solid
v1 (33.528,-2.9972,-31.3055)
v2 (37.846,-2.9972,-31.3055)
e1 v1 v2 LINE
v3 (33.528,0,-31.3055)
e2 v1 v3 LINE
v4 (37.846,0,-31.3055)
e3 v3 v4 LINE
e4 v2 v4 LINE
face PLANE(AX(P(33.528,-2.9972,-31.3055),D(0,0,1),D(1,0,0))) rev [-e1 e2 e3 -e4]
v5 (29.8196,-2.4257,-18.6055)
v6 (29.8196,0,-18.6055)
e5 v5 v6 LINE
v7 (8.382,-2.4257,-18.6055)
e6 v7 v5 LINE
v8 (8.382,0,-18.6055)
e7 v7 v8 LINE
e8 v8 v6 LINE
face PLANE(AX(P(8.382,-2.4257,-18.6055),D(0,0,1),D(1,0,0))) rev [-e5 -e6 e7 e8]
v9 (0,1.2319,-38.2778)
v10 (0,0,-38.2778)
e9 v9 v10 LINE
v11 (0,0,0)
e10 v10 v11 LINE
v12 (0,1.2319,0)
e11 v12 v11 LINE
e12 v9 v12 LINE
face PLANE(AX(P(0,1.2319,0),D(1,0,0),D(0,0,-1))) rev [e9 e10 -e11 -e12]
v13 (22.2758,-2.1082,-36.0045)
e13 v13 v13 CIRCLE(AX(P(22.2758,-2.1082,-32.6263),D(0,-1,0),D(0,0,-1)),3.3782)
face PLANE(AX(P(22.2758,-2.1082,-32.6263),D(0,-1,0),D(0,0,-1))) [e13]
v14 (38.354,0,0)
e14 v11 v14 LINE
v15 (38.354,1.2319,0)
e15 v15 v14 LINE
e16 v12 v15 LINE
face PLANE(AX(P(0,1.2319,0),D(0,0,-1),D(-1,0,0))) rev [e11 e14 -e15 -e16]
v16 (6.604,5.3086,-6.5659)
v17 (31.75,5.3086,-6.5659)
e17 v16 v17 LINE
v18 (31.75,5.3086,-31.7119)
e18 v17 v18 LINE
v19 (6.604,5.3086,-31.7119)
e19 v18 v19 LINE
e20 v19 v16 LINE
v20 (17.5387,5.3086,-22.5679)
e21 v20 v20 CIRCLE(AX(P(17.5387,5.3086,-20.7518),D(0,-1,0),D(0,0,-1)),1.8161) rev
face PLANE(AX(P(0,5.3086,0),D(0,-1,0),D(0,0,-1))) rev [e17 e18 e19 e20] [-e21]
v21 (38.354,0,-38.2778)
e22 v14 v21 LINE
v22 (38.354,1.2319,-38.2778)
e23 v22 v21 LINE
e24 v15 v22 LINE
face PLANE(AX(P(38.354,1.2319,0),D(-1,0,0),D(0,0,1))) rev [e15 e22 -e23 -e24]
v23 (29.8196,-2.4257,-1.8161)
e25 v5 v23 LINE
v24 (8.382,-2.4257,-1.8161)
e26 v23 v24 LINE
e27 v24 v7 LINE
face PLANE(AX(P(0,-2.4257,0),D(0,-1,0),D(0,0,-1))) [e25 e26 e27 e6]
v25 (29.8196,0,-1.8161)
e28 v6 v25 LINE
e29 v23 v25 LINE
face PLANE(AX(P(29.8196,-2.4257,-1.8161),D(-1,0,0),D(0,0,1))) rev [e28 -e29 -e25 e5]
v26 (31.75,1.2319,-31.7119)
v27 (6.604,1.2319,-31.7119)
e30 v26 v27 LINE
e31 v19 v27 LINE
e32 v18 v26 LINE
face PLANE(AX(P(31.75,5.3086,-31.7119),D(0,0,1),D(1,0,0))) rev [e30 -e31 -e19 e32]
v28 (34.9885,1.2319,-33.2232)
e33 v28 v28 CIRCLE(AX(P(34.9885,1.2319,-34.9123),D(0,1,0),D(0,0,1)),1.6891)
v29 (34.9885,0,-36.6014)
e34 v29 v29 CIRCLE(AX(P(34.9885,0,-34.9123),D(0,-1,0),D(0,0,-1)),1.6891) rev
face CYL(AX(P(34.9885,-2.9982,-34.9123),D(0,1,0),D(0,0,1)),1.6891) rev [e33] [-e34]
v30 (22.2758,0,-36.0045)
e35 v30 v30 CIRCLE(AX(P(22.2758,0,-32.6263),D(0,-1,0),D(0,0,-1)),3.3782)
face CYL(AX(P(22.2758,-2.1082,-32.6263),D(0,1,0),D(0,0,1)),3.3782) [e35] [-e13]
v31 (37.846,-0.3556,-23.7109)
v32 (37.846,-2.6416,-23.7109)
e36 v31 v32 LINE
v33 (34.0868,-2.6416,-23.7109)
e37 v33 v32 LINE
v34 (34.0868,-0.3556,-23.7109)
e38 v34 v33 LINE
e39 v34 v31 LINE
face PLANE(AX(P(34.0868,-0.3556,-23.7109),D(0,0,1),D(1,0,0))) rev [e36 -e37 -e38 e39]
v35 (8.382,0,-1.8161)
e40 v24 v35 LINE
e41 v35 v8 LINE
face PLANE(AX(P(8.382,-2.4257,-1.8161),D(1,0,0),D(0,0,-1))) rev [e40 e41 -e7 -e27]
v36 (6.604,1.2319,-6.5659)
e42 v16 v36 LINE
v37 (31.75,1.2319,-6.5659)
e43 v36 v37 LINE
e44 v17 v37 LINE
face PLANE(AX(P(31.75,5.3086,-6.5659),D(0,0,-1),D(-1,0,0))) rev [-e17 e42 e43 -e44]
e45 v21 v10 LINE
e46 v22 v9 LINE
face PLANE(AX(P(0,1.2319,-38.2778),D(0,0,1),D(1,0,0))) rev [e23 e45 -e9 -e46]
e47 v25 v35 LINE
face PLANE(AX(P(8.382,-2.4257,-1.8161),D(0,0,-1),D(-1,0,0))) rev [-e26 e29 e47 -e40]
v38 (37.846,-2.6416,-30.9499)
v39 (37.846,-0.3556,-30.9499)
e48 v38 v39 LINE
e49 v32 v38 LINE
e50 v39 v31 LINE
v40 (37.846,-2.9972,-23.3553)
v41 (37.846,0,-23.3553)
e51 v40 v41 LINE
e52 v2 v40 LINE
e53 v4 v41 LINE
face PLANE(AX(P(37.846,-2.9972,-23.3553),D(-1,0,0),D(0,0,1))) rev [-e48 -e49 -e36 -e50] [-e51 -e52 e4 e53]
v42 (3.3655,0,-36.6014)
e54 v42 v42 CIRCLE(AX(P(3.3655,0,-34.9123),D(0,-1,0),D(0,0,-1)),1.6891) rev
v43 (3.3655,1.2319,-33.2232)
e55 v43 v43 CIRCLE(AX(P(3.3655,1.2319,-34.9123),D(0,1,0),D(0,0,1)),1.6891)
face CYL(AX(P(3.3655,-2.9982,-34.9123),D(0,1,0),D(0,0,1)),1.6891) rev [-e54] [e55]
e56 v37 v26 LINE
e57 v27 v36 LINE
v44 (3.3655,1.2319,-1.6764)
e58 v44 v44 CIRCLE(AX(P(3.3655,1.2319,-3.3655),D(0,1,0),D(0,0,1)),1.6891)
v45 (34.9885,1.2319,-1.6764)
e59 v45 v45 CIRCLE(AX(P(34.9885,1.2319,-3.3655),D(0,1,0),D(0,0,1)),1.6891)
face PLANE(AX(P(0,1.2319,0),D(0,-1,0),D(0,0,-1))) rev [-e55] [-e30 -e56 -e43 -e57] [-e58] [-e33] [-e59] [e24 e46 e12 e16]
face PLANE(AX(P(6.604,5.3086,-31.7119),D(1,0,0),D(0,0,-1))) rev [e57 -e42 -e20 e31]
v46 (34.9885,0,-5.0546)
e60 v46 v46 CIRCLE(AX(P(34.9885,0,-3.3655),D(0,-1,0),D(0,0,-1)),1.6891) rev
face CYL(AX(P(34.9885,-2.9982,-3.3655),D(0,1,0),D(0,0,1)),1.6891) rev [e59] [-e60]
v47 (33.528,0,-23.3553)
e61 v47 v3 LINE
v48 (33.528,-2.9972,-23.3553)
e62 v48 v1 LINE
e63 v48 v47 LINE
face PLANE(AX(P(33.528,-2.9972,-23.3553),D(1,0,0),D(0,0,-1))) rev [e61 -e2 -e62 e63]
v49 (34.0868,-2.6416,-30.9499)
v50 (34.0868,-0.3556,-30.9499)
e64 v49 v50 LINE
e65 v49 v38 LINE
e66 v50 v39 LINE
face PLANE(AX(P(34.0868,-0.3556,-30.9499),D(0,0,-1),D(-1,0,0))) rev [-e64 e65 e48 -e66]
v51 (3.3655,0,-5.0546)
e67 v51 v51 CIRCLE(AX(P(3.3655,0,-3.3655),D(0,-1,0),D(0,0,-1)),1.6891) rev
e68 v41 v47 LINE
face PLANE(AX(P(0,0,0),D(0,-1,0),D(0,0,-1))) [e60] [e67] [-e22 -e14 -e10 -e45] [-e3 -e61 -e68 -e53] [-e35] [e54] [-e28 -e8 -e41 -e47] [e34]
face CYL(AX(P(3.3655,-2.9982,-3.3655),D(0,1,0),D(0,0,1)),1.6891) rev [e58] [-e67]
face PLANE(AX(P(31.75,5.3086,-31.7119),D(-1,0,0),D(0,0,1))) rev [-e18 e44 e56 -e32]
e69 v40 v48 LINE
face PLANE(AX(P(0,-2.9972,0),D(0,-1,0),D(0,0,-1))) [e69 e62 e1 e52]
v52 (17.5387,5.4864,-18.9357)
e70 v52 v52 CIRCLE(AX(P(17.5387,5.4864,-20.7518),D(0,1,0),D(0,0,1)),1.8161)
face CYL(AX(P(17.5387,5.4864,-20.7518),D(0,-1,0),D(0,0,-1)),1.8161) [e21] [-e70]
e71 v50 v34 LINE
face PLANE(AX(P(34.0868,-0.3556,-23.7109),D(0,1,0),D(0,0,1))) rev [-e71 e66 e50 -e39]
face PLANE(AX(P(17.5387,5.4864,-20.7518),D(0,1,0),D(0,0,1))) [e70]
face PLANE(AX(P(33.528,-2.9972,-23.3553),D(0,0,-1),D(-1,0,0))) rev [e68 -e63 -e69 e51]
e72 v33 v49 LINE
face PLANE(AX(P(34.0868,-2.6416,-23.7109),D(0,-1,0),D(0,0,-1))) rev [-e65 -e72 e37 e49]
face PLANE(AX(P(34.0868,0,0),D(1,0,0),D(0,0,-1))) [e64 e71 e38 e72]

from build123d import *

# Parameters (mm, degrees)
SKETCH1_W           = 38.354
SKETCH1_H           = 38.2778
BOARD_DEPTH         = 1.2319
SKETCH3_W           = 25.146
SKETCH3_H           = 25.146
GPS_DEPTH           = 4.0767
SKETCH5_W           = 21.4376
SKETCH5_H           = 16.7894
UBLOCK_CHIP_DEPTH   = 2.4257
SKETCH6_R           = 3.3782
BATTERY_DEPTH       = 2.1082
SKETCH7_W           = 4.318
SKETCH7_H           = 7.9502
CONNECTOR_DEPTH     = 2.9972
SKETCH8_W           = 7.239
SKETCH8_H           = 2.286
CUT_EXTRUDE1_DEPTH  = 3.7592
CUT_EXTRUDE2_REACH  = 56.352
SKETCH9_R           = 1.6891
SKETCH10_R          = 1.8161
BOSS_EXTRUDE6_DEPTH = 0.1778


with BuildPart() as part:
    # Sketch1 → Board (new body)
    with BuildSketch(Plane(origin=(0, 0, 0), x_dir=(1, 0, 0), z_dir=(0, 1, 0))):
        with Locations((19.177, 19.1389)):
            Rectangle(SKETCH1_W, SKETCH1_H)
    extrude(amount=BOARD_DEPTH)

    # Sketch3 → GPS (add)
    with BuildSketch(Plane(origin=(0, 1.2319, 0), x_dir=(1, 0, 0), z_dir=(0, 1, 0))):
        with Locations((19.177, 19.1389)):
            Rectangle(SKETCH3_W, SKETCH3_H)
    extrude(amount=GPS_DEPTH)

    # Sketch5 → uBlock chip (add)
    with BuildSketch(Plane.XZ):
        with Locations((19.1008, -10.2108)):
            Rectangle(SKETCH5_W, SKETCH5_H)
    extrude(amount=UBLOCK_CHIP_DEPTH)

    # Sketch6 → Battery (add)
    with BuildSketch(Plane(origin=(0, 0, 0), x_dir=(-1, 0, 0), z_dir=(0, -1, 0))):
        with Locations(Location((-22.2758, 32.6263, 0), (0, 0, 90))):
            Circle(SKETCH6_R)
    extrude(amount=BATTERY_DEPTH)

    # Sketch7 → Connector (add)
    with BuildSketch(Plane(origin=(0, 0, 0), x_dir=(-1, 0, 0), z_dir=(0, -1, 0))):
        with Locations((-35.687, 27.3304)):
            Rectangle(SKETCH7_W, SKETCH7_H)
    extrude(amount=CONNECTOR_DEPTH)

    # Sketch8 → Cut-Extrude1 (cut)
    with BuildSketch(Plane(origin=(37.846, 0, 0), x_dir=(0, 0, -1), z_dir=(1, 0, 0))):
        with Locations((27.3304, -1.4986)):
            Rectangle(SKETCH8_W, SKETCH8_H)
    extrude(amount=-CUT_EXTRUDE1_DEPTH, mode=Mode.SUBTRACT)

    # Sketch9 → Cut-Extrude2 (cut, up to next)
    with BuildSketch(Plane(origin=(0, 1.2319, 0), x_dir=(1, 0, 0), z_dir=(0, 1, 0)), mode=Mode.PRIVATE) as cut_extrude2_sk1:
        with Locations(Location((34.9885, 3.3655, 0), (0, 0, 270))):
            Circle(SKETCH9_R)
    cut_extrude2_tool1 = extrude(cut_extrude2_sk1.sketch, amount=-CUT_EXTRUDE2_REACH, mode=Mode.PRIVATE) & part.part
    # Sketch9 → Cut-Extrude2 (cut, up to next)
    with BuildSketch(Plane(origin=(0, 1.2319, 0), x_dir=(1, 0, 0), z_dir=(0, 1, 0)), mode=Mode.PRIVATE) as cut_extrude2_sk2:
        with Locations(Location((3.3655, 3.3655, 0), (0, 0, 270))):
            Circle(SKETCH9_R)
    cut_extrude2_tool2 = extrude(cut_extrude2_sk2.sketch, amount=-CUT_EXTRUDE2_REACH, mode=Mode.PRIVATE) & part.part
    # Sketch9 → Cut-Extrude2 (cut, up to next)
    with BuildSketch(Plane(origin=(0, 1.2319, 0), x_dir=(1, 0, 0), z_dir=(0, 1, 0)), mode=Mode.PRIVATE) as cut_extrude2_sk3:
        with Locations(Location((3.3655, 34.9123, 0), (0, 0, 270))):
            Circle(SKETCH9_R)
    cut_extrude2_tool3 = extrude(cut_extrude2_sk3.sketch, amount=-CUT_EXTRUDE2_REACH, mode=Mode.PRIVATE) & part.part
    # Sketch9 → Cut-Extrude2 (cut, up to next)
    with BuildSketch(Plane(origin=(0, 1.2319, 0), x_dir=(1, 0, 0), z_dir=(0, 1, 0)), mode=Mode.PRIVATE) as cut_extrude2_sk4:
        with Locations(Location((34.9885, 34.9123, 0), (0, 0, 270))):
            Circle(SKETCH9_R)
    cut_extrude2_tool4 = extrude(cut_extrude2_sk4.sketch, amount=-CUT_EXTRUDE2_REACH, mode=Mode.PRIVATE) & part.part
    add(cut_extrude2_tool1.solids().sort_by_distance((34.9885, 1.2319, -3.3655))[0], mode=Mode.SUBTRACT)
    add(cut_extrude2_tool2.solids().sort_by_distance((3.3655, 1.2319, -3.3655))[0], mode=Mode.SUBTRACT)
    add(cut_extrude2_tool3.solids().sort_by_distance((3.3655, 1.2319, -34.9123))[0], mode=Mode.SUBTRACT)
    add(cut_extrude2_tool4.solids().sort_by_distance((34.9885, 1.2319, -34.9123))[0], mode=Mode.SUBTRACT)

    # Sketch10 → Boss-Extrude6 (add)
    with BuildSketch(Plane(origin=(0, 5.3086, 0), x_dir=(1, 0, 0), z_dir=(0, 1, 0))):
        with Locations(Location((17.5387, 20.7518, 0), (0, 0, 90))):
            Circle(SKETCH10_R)
    extrude(amount=BOSS_EXTRUDE6_DEPTH)


solid = part.part
